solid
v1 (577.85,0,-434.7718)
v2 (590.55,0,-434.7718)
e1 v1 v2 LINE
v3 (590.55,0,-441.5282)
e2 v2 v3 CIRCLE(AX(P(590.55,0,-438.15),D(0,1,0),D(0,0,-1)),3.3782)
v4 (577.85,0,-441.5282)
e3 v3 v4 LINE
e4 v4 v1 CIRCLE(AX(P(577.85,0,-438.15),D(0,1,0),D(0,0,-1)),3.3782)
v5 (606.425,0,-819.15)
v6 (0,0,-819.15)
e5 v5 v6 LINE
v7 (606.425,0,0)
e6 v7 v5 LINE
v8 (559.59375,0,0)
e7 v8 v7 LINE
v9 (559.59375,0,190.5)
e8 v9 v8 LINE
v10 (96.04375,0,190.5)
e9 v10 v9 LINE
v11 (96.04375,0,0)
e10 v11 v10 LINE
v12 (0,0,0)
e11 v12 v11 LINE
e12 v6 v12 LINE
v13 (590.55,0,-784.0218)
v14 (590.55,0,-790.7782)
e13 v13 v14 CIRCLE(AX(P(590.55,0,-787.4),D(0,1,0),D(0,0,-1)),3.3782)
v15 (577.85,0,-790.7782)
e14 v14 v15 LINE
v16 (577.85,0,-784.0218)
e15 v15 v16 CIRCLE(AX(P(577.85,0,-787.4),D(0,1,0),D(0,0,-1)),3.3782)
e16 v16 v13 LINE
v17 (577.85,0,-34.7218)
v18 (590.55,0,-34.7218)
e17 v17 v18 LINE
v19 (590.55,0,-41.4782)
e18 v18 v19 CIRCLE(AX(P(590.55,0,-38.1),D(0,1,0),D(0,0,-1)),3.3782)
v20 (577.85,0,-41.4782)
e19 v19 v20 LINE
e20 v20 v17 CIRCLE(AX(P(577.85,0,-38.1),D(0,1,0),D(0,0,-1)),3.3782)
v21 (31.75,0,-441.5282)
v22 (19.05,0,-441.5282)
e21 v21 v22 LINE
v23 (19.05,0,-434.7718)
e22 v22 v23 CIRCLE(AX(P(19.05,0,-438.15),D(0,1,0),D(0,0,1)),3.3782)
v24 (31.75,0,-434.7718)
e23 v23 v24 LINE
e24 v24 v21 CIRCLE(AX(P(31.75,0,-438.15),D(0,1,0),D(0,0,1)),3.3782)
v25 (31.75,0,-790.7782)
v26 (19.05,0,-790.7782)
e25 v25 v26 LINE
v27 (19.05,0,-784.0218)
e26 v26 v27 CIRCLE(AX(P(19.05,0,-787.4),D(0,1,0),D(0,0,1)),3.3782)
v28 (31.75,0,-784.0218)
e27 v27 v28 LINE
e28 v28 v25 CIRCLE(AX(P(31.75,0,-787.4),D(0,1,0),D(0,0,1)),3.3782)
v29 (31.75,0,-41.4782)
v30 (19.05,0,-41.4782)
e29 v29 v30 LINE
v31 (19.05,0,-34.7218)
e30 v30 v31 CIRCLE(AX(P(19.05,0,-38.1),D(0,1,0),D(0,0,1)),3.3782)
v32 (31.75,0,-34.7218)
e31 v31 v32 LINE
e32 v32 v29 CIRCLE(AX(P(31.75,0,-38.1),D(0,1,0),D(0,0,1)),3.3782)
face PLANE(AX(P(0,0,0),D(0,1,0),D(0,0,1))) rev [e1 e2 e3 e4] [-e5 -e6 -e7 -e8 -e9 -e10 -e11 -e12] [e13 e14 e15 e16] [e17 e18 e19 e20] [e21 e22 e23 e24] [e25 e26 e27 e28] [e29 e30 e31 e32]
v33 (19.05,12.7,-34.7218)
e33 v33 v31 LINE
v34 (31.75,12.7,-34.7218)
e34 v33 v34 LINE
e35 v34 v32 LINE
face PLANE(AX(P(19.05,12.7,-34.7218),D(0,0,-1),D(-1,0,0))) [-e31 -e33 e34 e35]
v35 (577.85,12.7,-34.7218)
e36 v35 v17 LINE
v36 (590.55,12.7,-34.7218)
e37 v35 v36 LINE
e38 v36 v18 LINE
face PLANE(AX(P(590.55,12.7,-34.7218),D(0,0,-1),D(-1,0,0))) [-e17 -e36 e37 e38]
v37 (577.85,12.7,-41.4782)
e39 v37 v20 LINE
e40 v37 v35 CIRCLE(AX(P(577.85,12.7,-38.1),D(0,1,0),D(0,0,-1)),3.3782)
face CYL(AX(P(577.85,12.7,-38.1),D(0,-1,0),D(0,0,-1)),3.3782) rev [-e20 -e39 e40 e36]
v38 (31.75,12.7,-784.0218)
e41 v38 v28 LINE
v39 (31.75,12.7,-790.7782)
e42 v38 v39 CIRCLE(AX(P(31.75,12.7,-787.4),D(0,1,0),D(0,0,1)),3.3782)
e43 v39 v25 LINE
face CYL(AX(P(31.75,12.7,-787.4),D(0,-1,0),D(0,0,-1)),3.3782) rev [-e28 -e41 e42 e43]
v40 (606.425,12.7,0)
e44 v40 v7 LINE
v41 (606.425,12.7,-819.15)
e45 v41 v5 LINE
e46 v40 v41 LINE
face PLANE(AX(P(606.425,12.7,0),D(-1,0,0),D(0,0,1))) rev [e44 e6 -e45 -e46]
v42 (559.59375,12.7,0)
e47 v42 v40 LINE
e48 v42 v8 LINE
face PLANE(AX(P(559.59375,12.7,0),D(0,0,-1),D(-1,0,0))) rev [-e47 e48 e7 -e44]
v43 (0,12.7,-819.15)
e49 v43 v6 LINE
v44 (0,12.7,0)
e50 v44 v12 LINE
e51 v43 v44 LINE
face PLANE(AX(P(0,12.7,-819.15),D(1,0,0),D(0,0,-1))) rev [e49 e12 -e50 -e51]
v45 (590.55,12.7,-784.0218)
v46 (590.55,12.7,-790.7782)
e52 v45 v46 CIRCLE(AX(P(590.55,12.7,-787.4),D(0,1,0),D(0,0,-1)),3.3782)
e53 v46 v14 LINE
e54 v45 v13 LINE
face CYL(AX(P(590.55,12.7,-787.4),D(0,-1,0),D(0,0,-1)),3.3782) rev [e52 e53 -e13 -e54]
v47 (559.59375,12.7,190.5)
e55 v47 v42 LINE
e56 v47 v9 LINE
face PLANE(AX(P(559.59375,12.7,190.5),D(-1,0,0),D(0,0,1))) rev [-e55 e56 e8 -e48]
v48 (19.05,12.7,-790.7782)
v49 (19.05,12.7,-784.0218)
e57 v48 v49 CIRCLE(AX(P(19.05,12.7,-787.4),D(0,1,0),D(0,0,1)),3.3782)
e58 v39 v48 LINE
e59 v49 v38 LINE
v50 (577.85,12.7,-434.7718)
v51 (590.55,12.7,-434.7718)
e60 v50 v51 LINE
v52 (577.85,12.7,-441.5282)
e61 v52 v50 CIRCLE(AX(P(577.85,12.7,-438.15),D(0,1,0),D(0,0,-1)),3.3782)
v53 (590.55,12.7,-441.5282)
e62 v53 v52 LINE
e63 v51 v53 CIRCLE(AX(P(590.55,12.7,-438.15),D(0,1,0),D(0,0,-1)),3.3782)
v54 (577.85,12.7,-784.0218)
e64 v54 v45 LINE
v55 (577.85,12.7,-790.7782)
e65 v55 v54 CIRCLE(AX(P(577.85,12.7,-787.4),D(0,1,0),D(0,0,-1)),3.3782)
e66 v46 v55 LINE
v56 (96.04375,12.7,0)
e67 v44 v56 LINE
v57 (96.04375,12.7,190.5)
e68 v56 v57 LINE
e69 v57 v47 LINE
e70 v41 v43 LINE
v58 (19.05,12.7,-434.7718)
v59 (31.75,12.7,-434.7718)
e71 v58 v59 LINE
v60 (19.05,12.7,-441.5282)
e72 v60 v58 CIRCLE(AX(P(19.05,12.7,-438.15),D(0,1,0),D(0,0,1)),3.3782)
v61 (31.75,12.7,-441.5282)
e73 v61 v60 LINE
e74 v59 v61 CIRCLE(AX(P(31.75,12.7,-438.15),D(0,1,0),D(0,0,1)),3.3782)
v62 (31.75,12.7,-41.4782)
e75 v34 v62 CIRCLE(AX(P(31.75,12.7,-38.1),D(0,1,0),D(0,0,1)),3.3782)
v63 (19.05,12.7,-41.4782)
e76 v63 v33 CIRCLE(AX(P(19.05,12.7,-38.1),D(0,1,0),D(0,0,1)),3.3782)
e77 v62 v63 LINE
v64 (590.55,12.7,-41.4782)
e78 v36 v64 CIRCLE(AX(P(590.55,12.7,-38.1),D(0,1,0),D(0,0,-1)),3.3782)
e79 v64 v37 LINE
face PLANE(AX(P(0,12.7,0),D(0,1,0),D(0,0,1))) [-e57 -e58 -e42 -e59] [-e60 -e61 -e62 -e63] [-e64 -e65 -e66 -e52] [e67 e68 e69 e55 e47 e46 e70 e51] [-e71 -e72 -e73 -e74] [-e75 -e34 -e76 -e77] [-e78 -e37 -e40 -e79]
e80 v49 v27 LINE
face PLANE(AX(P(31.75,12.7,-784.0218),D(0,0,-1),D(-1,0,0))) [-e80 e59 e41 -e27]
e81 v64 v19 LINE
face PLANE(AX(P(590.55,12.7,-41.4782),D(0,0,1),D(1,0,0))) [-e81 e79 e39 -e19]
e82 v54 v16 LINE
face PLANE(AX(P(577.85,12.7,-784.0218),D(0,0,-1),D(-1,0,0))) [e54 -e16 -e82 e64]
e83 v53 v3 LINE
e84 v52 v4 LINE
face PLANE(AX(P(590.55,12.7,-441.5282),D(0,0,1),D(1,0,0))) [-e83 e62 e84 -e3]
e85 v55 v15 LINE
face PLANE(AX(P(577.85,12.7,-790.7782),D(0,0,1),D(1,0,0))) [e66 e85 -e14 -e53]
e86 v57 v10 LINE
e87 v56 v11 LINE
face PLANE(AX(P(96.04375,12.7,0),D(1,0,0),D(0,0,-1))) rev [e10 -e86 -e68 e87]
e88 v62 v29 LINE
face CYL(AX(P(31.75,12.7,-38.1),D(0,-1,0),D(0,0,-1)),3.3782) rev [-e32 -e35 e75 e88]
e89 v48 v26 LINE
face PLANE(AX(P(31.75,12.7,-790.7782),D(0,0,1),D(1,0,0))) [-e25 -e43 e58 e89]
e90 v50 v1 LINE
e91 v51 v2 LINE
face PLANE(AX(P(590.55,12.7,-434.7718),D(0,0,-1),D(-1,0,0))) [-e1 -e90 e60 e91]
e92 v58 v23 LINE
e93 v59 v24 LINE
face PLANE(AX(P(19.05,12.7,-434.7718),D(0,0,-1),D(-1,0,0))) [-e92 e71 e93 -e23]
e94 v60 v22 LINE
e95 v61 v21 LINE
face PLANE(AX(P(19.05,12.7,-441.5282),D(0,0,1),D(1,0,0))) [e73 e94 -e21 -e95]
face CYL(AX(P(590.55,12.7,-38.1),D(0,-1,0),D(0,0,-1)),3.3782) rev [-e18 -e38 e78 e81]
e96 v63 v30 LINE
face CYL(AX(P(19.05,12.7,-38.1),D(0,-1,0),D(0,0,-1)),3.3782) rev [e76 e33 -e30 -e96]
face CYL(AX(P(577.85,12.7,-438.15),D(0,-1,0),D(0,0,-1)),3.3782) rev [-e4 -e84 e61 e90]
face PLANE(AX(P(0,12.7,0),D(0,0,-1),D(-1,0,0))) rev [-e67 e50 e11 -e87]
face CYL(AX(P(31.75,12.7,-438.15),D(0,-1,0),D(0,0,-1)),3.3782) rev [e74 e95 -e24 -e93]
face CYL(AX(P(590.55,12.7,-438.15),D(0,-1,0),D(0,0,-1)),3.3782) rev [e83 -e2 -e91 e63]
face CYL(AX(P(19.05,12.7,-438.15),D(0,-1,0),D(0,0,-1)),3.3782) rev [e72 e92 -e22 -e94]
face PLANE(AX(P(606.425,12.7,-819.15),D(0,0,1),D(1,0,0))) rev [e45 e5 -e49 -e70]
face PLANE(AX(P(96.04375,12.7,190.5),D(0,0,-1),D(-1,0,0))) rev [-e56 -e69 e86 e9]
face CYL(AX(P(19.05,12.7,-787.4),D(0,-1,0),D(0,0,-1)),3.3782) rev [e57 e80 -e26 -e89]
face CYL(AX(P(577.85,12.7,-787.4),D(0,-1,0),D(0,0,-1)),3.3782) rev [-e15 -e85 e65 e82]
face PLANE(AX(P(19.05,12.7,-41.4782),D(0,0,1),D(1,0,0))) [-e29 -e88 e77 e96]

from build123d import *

# Parameters (mm, degrees)
BOSS_EXTRUDE1_DEPTH = 12.7


with BuildPart() as part:
    # Sketch1 → Boss-Extrude1 (new body)
    with BuildSketch(Plane(origin=(0, 0, 0), x_dir=(1, 0, 0), z_dir=(0, 1, 0))):
        Polygon((0, 0), (96.04375, 0), (96.04375, -190.5), (559.59375, -190.5), (559.59375, 0), (606.425, 0), (606.425, 819.15), (0, 819.15), align=None)
        with BuildLine():
            Line((19.05, 41.4782), (31.75, 41.4782))
            ThreePointArc((31.75, 41.4782), (35.1282, 38.1), (31.75, 34.7218))
            Line((31.75, 34.7218), (19.05, 34.7218))
            ThreePointArc((19.05, 34.7218), (15.6718, 38.1), (19.05, 41.4782))
        make_face(mode=Mode.SUBTRACT)
        with BuildLine():
            Line((19.05, 441.5282), (31.75, 441.5282))
            ThreePointArc((31.75, 441.5282), (35.1282, 438.15), (31.75, 434.7718))
            Line((31.75, 434.7718), (19.05, 434.7718))
            ThreePointArc((19.05, 434.7718), (15.6718, 438.15), (19.05, 441.5282))
        make_face(mode=Mode.SUBTRACT)
        with BuildLine():
            Line((31.75, 784.0218), (19.05, 784.0218))
            ThreePointArc((19.05, 784.0218), (15.6718, 787.4), (19.05, 790.7782))
            Line((19.05, 790.7782), (31.75, 790.7782))
            ThreePointArc((31.75, 790.7782), (35.1282, 787.4), (31.75, 784.0218))
        make_face(mode=Mode.SUBTRACT)
        with BuildLine():
            Line((577.85, 784.0218), (590.55, 784.0218))
            ThreePointArc((590.55, 784.0218), (593.9282, 787.4), (590.55, 790.7782))
            Line((590.55, 790.7782), (577.85, 790.7782))
            ThreePointArc((577.85, 790.7782), (574.4718, 787.4), (577.85, 784.0218))
        make_face(mode=Mode.SUBTRACT)
        with BuildLine():
            Line((590.55, 441.5282), (577.85, 441.5282))
            ThreePointArc((577.85, 441.5282), (574.4718, 438.15), (577.85, 434.7718))
            Line((577.85, 434.7718), (590.55, 434.7718))
            ThreePointArc((590.55, 434.7718), (593.9282, 438.15), (590.55, 441.5282))
        make_face(mode=Mode.SUBTRACT)
        with BuildLine():
            Line((590.55, 41.4782), (577.85, 41.4782))
            ThreePointArc((577.85, 41.4782), (574.4718, 38.1), (577.85, 34.7218))
            Line((577.85, 34.7218), (590.55, 34.7218))
            ThreePointArc((590.55, 34.7218), (593.9282, 38.1), (590.55, 41.4782))
        make_face(mode=Mode.SUBTRACT)
    extrude(amount=BOSS_EXTRUDE1_DEPTH)


solid = part.part
